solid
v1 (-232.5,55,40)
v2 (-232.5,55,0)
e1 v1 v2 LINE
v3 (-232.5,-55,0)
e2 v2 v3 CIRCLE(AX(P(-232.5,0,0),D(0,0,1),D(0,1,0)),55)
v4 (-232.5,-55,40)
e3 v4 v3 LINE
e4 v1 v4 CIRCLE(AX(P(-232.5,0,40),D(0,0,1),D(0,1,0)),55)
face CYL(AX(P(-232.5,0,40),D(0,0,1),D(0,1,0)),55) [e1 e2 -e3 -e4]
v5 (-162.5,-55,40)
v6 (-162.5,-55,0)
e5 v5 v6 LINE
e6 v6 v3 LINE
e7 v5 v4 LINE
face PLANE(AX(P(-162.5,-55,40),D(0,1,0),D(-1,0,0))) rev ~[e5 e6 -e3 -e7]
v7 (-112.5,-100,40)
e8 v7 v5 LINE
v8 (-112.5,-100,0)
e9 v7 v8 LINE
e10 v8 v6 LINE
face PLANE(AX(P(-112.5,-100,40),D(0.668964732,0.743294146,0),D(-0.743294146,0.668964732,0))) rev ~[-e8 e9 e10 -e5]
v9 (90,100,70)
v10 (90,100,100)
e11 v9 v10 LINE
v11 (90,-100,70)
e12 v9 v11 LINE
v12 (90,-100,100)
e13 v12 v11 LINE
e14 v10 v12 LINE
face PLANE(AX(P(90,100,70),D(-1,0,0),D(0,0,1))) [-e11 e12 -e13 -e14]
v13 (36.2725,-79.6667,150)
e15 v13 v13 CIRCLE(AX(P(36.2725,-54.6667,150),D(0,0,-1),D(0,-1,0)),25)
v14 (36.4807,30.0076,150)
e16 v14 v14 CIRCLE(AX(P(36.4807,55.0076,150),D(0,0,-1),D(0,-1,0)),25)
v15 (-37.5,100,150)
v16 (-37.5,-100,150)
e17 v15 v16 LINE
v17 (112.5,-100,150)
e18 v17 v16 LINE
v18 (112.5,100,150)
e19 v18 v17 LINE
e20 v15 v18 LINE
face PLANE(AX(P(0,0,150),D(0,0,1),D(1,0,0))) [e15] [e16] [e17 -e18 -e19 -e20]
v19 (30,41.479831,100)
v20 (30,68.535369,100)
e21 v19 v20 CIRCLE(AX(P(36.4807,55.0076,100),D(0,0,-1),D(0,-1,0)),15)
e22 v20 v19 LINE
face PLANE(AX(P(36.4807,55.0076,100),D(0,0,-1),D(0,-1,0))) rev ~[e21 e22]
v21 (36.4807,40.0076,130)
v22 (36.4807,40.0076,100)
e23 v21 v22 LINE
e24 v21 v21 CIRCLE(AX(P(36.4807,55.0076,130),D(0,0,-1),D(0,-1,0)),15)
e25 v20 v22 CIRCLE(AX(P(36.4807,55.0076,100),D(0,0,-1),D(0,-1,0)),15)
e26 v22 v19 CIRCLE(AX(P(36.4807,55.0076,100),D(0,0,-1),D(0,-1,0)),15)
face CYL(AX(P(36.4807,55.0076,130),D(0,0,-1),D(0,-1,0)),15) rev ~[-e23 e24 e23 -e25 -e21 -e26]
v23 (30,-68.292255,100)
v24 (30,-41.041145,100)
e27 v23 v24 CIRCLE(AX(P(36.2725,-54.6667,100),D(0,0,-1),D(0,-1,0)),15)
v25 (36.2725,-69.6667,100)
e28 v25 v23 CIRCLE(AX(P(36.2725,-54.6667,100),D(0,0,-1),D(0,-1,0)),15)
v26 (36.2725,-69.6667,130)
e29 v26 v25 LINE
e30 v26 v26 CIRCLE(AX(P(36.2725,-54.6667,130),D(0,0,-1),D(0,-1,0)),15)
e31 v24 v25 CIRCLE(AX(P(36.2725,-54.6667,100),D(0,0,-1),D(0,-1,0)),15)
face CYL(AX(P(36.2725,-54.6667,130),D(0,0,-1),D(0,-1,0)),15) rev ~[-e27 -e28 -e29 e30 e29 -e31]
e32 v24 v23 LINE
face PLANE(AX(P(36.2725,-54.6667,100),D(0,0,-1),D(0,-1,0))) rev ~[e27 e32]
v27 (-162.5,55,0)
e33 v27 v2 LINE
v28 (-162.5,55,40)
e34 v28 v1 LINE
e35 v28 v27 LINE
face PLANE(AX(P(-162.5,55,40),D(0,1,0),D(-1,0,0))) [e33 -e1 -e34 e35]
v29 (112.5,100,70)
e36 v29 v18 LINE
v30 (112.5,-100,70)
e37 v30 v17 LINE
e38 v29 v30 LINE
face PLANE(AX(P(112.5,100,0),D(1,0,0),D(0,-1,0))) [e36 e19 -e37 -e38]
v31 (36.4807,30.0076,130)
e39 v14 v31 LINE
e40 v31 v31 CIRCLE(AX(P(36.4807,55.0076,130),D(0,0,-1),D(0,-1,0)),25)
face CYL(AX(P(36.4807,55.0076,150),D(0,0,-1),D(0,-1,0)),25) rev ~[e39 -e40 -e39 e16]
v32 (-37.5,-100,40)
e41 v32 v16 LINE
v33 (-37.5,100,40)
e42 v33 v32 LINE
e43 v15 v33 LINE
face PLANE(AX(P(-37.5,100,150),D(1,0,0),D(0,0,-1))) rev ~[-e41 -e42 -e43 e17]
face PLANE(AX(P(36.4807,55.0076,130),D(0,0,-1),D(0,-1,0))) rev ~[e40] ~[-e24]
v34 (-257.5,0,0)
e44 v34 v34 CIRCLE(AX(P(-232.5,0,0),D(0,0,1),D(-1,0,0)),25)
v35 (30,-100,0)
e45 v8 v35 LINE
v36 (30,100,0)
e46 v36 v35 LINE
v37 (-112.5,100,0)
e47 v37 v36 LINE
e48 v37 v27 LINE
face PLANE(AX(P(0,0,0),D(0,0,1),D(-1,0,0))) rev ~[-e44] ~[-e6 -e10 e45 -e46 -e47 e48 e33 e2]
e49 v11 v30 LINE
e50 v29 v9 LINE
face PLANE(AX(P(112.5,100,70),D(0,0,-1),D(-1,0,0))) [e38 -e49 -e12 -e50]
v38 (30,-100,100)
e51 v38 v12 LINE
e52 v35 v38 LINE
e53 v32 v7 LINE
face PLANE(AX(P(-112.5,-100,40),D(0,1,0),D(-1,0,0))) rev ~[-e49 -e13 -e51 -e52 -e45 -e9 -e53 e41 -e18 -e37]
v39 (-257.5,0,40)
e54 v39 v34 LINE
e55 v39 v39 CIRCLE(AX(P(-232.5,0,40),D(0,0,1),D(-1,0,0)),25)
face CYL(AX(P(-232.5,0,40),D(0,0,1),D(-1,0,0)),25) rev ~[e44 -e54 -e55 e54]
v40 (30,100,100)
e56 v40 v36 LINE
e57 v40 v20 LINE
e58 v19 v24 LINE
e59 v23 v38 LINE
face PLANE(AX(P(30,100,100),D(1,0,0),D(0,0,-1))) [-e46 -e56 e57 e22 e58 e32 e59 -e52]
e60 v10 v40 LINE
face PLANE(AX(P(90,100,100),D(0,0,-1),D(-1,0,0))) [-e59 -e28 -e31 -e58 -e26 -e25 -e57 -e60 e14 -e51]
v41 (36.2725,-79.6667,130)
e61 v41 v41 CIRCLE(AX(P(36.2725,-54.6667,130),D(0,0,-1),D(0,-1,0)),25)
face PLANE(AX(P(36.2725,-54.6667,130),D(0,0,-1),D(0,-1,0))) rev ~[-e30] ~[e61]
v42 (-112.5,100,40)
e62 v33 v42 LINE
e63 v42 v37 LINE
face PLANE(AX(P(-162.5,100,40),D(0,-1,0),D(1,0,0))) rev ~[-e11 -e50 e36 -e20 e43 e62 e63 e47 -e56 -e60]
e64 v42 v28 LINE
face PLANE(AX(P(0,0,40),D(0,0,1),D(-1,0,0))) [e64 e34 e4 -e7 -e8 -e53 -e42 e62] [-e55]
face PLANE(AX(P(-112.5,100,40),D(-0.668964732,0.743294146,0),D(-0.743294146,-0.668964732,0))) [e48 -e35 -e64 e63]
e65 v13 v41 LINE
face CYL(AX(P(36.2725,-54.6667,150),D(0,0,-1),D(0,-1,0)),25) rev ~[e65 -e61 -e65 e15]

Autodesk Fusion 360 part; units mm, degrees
sketch "Sketch1" plane through (0, 0, 0) normal (0, 0, 1) x (1, 0, 0)
  line L0 (112.5, -100) -> (-112.5, -100)
  line L1 (-112.5, -100) -> (-112.5, 100)
  line L2 (-112.5, 100) -> (112.5, 100)
  line L3 (112.5, 100) -> (112.5, -100)
  line L4 (112.5, -100) -> (-112.5, 100) construction
  line L5 (-112.5, -100) -> (112.5, 100) construction
  line L6 (0, 100) -> (0, -100) construction
  line L7 (-112.5, 0) -> (112.5, 0) construction
  dimension "d1" = 225
  dimension "d2" = 200
extrude "Extrude1" add sketch "Sketch1" along normal blind 150
sketch "Sketch2" plane through (0, 100, 0) normal (0, 1, 0) x (-1, 0, 0)
  line L0 (-112.5, 0) -> (112.5, 0)
  line L1 (112.5, 0) -> (112.5, 150)
  line L2 (112.5, 150) -> (-112.5, 150)
  line L3 (-112.5, 150) -> (-112.5, 0)
  line L4 (112.5, 150) -> (37.5, 150)
  line L5 (37.5, 150) -> (37.5, 40)
  line L6 (37.5, 40) -> (112.5, 40)
  line L7 (112.5, 40) -> (112.5, 150)
  dimension "d5" = 75
sketch "Sketch3" plane through (0, 100, 0) normal (0, 1, 0) x (-1, 0, 0)
extrude "Extrude2" cut sketch "Sketch2" against normal blind 540 contours L1 L2 L4 L5 L6 L7
sketch "Sketch4" plane through (0, 100, 0) normal (0, 1, 0) x (-1, 0, 0)
  line L0 (112.5, 40) -> (37.5, 40)
  line L1 (37.5, 40) -> (37.5, 150)
  line L2 (37.5, 150) -> (-112.5, 150)
  line L3 (-112.5, 150) -> (-112.5, 0)
  line L4 (-112.5, 0) -> (112.5, 0)
  line L5 (112.5, 0) -> (112.5, 40)
sketch "Sketch5" plane through (0, 0, 150) normal (0, 0, 1) x (-1, 0, 0)
  line L0 (37.5, -100) -> (37.5, 100)
  line L1 (37.5, 100) -> (-112.5, 100)
  line L2 (-112.5, 100) -> (-112.5, -100)
  line L3 (-112.5, -100) -> (37.5, -100)
sketch "Sketch6" plane through (0, 100, 0) normal (0, 1, 0) x (-1, 0, 0)
  line L0 (-112.5, 0) -> (-112.5, 70)
  line L1 (-112.5, 70) -> (-90, 70)
  line L2 (-90, 70) -> (-90, 100)
  line L3 (-90, 100) -> (-30, 100)
  line L4 (-30, 100) -> (-30, 0)
  line L5 (-30, 0) -> (-112.5, 0)
  line L6 (37.5, 150) -> (-112.5, 150)
  point P0 (37.5, 150)
  point P1 (37.5, 40)
  point P2 (-112.5, 0)
  dimension "d8" = 50
  dimension "d9" = 80
  dimension "d10" = 110
  dimension "d11" = 150
extrude "Extrude3" cut sketch "Sketch6" against normal blind 375
sketch "Sketch7" plane through (0, 0, 150) normal (0, 0, 1) x (-1, 0, 0)
  line L0 (-37.5, 100) -> (-37.5, -100) construction
  line L1 (-112.7809, 55) -> (35.5051, 55) construction
  line L2 (-110, -55) -> (40, -55) construction
  point P0 (-112.5, 100)
  point P1 (37.5, -100)
  dimension "d14" = 75
  dimension "d15" = 45
  dimension "d16" = 45
sketch "Sketch8" plane through (0, 0, 150) normal (0, 0, 1) x (-1, 0, 0)
  line L0 (-37.5, 100) -> (-37.5, -100)
  point P0 (-112.5, -100)
  dimension "d17" = 75
sketch "Sketch9" plane through (0, 100, 0) normal (0, 1, 0) x (-1, 0, 0)
  point P0 (-112.7809, 150)
  point P1 (37.5, 150)
sketch "Sketch10" plane through (0, 0, 150) normal (0, 0, 1) x (-1, 0, 0)
  line L0 (-111.7438, 55) -> (36.0063, 55)
  line L1 (112.5, 0) -> (-112.3459, 0) construction
  line L2 (40, -55) -> (-112.822, -55) construction
  point P0 (-112.5, 100)
  point P1 (-37.5, 100)
  point P2 (-112.5, 100)
  point P3 (40, -55)
  point P4 (37.5, -100)
  dimension "d19" = 75
  dimension "d20" = 45
  dimension "d21" = 45
sketch "Sketch11" plane through (0, 0, 150) normal (0, 0, 1) x (-1, 0, 0)
hole "Hole1" at (36.2725, -54.6667, 150) direction (0, 0, -1) diameter 30 depth 50 tip angle 180 counterbore diameter 50 counterbore depth 20
hole "Hole2" at (36.4807, 55.0076, 150) direction (0, 0, -1) diameter 30 depth 50 tip angle 180 counterbore diameter 50 counterbore depth 20
sketch "Sketch12" plane through (0, 0, 40) normal (0, 0, 1) x (-1, 0, 0)
  line L0 (112.5, 100) -> (37.5, 100)
  line L1 (37.5, 100) -> (37.5, -100)
  line L2 (37.5, -100) -> (112.5, -100)
  line L3 (112.5, -100) -> (112.5, 100)
sketch "Sketch13" plane through (0, 0, 40) normal (0, 0, 1) x (-1, 0, 0)
sketch "Sketch14" plane through (0, 0, 40) normal (0, 0, 1) x (-1, 0, 0)
sketch "Sketch15" plane through (0, 0, 40) normal (0, 0, 1) x (-1, 0, 0)
sketch "Sketch16" plane through (0, 0, 40) normal (0, 0, 1) x (-1, 0, 0)
  line L0 (112.5, -100) -> (112.5, 100)
  line L1 (112.5, 100) -> (162.5, 100)
  line L2 (162.5, 100) -> (162.5, -100)
  line L3 (162.5, -100) -> (112.5, -100)
  dimension "d40" = 50
  dimension "d41" = 200
  dimension "d42" = 50
extrude "Extrude4" add sketch "Sketch16" against normal blind 40
sketch "Sketch17" plane through (0, 0, 40) normal (0, 0, 1) x (-1, 0, 0)
  line L0 (112.5, 100) -> (37.5, 100)
  line L1 (37.5, 100) -> (37.5, -100)
  line L2 (37.5, -100) -> (112.5, -100)
  line L3 (112.5, -100) -> (162.5, -100)
  line L4 (162.5, -100) -> (162.5, 100)
  line L5 (162.5, 100) -> (112.5, 100)
sketch "Sketch18" plane through (0, 0, 40) normal (0, 0, 1) x (-1, 0, 0)
  line L0 (162.3989, 55) -> (162.5, 55)
  line L1 (162.5, -55) -> (162.485, -55)
  line L2 (162.5, -55) -> (162.5, -100)
  line L3 (162.5, -100) -> (112.5, -100)
  line L4 (162.5, -100) -> (112.5, -100)
  line L5 (112.5, -100) -> (162.5, -55)
  line L6 (112.5, 0) -> (-112.3459, 0)
  line L7 (162.5, 100) -> (112.5, 100)
  line L8 (112.5, 100) -> (162.5, 55)
  line L9 (162.5, 55) -> (162.5, 100)
  point P0 (162.5, -100)
  point P1 (162.5, 100)
  dimension "d45" = 45
  dimension "d46" = 45
  dimension "d47" = 50
  dimension "d48" = 50
extrude "Extrude5" cut sketch "Sketch18" against normal blind 40
sketch "Sketch19" plane through (0, 0, 40) normal (0, 0, 1) x (-1, 0, 0)
  line L0 (162.5, -55) -> (232.5, -55)
  line L1 (162.5, 55) -> (232.5, 55)
  line L2 (162.5, -55) -> (162.5, 55)
  circle A0 centre (232.5, 0) radius 25
  arc A1 (232.5, -55) -> (232.5, 55) centre (232.5, 0) ccw
  line L3 (162.5, -100) -> (162.5, 100)
  point P0 (37.5, 100)
  point P1 (37.5, -100)
  dimension "d51" = 70
  dimension "d52" = 70
  dimension "d53" = 45
  dimension "d54" = 45
  dimension "d55" = 50
extrude "Extrude6" add sketch "Sketch19" against normal blind 40
